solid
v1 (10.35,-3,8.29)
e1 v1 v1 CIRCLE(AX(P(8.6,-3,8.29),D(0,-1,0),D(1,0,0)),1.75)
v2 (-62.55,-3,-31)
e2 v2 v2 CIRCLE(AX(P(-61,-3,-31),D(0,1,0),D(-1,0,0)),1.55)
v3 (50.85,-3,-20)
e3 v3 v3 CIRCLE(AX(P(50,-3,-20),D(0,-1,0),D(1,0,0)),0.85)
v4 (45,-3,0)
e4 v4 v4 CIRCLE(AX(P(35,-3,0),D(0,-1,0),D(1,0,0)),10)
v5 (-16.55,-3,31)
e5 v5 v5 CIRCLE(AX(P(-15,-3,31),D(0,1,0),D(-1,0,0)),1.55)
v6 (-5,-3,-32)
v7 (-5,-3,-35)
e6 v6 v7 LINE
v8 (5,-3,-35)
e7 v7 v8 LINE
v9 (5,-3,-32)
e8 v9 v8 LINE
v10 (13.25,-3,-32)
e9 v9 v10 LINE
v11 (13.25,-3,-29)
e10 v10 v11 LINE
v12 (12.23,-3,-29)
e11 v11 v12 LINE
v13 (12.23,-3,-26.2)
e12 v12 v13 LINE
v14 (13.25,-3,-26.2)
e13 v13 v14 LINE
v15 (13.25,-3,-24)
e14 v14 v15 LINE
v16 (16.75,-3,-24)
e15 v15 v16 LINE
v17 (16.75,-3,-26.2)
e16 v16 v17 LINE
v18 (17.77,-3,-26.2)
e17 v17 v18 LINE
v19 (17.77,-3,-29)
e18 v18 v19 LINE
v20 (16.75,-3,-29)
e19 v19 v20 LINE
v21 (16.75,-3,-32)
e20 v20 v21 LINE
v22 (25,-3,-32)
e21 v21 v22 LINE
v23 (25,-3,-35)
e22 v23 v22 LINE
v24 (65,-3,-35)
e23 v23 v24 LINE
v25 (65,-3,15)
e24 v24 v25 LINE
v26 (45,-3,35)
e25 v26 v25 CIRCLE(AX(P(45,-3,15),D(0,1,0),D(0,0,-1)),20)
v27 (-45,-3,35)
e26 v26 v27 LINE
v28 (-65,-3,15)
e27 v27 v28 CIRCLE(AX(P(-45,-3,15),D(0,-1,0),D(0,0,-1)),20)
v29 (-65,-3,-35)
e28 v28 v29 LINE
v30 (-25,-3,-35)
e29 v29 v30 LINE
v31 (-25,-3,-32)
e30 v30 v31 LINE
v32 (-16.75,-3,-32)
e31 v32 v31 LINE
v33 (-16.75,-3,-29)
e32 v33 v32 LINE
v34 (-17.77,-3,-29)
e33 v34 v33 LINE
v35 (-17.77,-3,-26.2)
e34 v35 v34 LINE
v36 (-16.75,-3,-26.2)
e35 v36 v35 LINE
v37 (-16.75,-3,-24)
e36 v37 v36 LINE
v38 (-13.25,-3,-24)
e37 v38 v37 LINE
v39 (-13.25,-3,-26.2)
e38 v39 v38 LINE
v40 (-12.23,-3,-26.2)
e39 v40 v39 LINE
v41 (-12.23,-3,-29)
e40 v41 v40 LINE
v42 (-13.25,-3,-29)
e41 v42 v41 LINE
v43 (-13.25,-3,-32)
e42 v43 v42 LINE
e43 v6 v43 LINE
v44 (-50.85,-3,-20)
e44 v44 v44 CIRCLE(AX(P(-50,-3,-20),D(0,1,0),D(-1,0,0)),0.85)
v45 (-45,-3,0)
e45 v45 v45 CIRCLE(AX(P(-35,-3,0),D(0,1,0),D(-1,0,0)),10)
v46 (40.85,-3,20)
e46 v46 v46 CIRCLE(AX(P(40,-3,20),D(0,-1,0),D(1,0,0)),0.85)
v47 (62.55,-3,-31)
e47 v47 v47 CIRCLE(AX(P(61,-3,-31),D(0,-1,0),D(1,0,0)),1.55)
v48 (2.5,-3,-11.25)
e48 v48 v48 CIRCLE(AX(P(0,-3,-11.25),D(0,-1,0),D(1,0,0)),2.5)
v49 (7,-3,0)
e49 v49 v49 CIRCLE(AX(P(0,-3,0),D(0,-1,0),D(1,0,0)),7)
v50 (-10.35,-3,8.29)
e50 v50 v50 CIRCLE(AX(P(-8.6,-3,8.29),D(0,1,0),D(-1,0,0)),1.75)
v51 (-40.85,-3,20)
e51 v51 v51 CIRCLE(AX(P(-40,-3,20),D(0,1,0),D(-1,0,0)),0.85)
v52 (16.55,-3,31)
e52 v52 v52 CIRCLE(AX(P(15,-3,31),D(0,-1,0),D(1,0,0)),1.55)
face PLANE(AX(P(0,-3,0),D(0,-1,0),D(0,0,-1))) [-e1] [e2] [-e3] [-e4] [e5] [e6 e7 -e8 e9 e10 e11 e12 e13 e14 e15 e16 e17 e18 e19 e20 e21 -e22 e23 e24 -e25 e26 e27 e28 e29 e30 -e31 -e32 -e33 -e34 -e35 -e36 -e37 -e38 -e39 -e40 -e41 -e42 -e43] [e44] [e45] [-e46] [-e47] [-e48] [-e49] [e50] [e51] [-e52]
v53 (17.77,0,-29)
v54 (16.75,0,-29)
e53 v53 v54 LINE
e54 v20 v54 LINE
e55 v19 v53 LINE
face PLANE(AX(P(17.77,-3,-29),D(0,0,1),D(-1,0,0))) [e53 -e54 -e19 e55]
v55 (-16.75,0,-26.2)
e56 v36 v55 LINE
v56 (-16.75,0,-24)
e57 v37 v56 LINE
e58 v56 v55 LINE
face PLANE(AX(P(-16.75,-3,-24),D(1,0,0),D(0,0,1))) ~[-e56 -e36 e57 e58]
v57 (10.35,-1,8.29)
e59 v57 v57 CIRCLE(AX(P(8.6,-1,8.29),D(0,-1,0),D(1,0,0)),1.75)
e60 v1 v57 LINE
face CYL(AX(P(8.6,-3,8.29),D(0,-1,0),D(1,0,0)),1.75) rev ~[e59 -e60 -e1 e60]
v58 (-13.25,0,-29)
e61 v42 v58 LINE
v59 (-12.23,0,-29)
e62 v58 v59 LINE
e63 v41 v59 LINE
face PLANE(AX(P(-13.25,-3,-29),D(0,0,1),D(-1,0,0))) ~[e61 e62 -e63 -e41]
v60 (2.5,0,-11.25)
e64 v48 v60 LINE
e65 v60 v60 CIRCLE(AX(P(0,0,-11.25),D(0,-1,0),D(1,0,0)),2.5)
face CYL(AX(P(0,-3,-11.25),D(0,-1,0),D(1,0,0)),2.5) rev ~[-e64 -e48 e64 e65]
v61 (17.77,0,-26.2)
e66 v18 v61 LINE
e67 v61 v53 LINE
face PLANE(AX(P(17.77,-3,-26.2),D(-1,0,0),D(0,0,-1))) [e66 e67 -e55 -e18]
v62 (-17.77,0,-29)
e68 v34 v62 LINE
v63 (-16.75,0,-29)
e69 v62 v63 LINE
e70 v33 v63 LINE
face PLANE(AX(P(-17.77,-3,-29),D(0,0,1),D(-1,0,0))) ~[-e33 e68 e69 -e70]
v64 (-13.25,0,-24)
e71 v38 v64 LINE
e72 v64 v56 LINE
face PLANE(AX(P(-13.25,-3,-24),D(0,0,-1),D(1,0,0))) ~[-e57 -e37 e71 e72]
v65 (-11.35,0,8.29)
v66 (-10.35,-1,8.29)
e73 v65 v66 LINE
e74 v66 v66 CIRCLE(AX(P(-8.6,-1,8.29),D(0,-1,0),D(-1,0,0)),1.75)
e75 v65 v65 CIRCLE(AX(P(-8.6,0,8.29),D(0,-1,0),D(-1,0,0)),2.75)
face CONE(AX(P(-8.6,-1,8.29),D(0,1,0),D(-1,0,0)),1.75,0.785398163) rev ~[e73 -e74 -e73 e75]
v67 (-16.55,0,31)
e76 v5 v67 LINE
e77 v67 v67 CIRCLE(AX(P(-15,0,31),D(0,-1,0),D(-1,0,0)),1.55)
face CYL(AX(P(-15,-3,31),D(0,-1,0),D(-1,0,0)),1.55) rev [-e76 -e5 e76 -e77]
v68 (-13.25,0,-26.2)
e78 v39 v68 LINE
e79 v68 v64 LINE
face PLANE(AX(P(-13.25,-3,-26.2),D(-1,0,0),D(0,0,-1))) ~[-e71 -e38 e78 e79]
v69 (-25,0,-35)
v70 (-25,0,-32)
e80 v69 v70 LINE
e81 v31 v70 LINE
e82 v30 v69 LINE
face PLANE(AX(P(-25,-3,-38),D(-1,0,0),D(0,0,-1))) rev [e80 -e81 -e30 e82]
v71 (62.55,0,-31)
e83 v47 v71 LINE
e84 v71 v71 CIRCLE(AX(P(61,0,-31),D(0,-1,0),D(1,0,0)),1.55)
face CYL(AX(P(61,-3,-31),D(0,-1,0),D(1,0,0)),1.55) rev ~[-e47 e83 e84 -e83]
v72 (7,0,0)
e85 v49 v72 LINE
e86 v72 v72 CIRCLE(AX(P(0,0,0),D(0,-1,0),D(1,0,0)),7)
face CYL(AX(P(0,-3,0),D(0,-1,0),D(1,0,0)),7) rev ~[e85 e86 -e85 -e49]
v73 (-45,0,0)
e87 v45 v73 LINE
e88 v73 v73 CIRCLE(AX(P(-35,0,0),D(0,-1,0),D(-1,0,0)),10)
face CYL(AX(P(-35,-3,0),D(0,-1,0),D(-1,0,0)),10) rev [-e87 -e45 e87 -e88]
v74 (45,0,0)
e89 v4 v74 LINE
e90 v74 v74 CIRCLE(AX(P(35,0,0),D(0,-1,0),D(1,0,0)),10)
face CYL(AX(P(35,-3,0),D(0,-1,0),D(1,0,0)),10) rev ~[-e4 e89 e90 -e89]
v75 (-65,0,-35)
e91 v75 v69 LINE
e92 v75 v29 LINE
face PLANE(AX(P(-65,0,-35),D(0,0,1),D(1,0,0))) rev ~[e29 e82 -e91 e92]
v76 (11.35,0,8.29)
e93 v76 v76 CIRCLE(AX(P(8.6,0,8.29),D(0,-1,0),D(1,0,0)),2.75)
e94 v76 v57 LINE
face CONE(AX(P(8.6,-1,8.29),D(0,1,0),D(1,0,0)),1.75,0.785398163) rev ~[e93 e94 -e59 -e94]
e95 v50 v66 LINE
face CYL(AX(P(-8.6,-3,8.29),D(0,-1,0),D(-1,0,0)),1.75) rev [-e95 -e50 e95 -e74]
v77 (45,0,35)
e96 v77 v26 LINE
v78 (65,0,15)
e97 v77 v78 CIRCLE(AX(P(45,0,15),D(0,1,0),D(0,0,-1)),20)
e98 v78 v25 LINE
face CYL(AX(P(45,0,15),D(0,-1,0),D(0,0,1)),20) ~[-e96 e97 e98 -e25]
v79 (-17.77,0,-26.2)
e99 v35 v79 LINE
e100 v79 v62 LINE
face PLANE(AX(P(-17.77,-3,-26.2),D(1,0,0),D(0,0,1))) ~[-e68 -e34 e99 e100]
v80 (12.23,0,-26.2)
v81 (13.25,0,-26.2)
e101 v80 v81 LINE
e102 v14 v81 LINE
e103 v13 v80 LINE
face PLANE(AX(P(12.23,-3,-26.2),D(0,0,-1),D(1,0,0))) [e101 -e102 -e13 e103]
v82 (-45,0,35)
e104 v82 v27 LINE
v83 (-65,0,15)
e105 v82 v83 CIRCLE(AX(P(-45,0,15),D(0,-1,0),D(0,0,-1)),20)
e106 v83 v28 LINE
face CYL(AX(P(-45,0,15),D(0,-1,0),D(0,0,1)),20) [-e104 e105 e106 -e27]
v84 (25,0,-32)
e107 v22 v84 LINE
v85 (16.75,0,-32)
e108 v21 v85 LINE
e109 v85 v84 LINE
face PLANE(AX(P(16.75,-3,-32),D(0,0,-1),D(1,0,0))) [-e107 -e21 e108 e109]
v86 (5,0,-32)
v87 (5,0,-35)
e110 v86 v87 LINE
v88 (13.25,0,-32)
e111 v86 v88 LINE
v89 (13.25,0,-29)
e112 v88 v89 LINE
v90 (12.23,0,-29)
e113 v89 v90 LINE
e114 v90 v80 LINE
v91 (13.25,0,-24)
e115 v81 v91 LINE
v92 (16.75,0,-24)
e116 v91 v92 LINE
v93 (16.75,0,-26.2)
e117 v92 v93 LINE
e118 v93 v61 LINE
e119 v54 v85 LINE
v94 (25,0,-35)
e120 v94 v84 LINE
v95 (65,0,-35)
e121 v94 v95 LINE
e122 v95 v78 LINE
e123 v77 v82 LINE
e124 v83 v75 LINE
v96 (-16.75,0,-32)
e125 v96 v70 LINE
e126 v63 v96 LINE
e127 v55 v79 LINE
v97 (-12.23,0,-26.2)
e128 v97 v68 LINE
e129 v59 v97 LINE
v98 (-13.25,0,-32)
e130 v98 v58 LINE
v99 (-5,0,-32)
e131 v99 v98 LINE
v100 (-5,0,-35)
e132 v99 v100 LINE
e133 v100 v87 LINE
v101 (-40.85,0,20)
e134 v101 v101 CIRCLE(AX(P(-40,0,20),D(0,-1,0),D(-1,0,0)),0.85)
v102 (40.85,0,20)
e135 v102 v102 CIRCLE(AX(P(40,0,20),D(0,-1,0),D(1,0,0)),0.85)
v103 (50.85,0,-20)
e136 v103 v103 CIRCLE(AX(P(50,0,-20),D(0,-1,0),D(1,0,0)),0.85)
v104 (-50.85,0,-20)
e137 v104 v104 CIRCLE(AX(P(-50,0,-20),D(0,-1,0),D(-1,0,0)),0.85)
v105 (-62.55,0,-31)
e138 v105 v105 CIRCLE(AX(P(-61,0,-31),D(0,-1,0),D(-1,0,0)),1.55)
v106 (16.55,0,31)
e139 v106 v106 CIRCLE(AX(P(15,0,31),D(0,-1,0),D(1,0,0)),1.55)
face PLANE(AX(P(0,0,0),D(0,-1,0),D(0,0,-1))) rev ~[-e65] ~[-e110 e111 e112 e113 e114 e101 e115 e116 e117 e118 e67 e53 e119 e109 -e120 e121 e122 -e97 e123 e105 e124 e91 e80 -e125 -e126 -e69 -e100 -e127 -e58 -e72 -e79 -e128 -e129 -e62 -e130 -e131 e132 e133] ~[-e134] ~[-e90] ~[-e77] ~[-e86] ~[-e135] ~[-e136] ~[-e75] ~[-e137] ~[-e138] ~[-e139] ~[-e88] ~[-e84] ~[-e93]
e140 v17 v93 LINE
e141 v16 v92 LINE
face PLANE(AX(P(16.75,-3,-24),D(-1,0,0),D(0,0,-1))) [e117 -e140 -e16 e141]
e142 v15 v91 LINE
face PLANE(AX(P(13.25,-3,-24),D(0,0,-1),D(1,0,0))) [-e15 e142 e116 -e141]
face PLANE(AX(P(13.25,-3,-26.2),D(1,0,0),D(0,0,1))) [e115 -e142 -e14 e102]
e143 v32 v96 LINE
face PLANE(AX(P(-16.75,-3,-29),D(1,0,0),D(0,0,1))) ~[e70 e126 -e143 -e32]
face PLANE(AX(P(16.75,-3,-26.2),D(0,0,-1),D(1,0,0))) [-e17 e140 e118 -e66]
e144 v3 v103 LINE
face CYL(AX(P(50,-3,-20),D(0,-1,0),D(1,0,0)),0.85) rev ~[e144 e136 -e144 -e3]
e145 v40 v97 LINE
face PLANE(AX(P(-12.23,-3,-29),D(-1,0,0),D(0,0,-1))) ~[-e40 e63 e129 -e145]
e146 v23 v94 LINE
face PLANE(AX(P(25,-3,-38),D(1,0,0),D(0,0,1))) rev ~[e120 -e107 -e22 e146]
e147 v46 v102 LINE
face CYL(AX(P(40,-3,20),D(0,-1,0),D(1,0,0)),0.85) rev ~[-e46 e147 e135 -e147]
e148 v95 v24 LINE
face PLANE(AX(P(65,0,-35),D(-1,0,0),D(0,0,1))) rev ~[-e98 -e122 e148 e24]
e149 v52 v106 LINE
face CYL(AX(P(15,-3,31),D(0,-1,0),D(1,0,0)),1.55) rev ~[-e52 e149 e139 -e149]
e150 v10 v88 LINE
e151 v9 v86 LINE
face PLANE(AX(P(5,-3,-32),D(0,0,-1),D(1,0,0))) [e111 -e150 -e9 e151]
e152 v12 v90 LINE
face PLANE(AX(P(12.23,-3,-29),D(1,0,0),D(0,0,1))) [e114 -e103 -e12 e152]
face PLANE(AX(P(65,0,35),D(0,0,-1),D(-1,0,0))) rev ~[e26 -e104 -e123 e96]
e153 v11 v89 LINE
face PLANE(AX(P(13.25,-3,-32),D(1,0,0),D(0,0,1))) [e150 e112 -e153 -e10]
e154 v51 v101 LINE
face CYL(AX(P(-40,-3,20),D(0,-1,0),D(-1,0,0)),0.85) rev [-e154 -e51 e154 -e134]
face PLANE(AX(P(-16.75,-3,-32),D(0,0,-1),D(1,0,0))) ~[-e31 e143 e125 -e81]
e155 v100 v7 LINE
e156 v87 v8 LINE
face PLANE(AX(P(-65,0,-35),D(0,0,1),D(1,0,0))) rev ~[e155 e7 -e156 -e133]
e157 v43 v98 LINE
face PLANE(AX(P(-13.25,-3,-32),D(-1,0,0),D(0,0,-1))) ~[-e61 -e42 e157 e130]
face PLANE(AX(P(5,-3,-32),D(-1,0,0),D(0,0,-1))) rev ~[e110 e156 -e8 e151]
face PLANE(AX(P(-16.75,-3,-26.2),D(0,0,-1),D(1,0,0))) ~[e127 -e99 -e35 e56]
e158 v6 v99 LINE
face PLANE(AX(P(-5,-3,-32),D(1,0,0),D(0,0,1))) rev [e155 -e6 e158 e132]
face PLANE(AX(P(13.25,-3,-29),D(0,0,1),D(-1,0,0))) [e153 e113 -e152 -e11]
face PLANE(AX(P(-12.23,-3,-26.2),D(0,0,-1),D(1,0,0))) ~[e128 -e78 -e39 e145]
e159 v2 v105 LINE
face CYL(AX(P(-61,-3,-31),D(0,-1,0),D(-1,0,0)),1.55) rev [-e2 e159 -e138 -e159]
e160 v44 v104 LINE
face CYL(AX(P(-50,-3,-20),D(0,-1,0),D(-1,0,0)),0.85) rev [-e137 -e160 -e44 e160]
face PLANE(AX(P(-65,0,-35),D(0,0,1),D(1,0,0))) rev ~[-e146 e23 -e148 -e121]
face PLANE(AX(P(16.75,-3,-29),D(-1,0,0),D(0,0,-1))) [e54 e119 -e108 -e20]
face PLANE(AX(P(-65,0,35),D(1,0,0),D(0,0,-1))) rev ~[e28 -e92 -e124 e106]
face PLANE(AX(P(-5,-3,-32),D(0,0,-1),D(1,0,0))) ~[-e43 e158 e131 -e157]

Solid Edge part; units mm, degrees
sketch "Sketch1" plane through (0, 0, 0) normal (0, -1, 0) x (1, 0, 0)
  line L0 (-65, -35) -> (65, -35)
  line L1 (65, -35) -> (65, 35)
  line L2 (65, 35) -> (-65, 35)
  line L3 (-65, 35) -> (-65, -35)
  dimension "D1" = 130
  dimension "D2" = 70
extrude "Ajout_matière_1" add sketch "Sketch1" along normal blind 3
sketch "Sketch2" plane through (0, -3, 0) normal (0, -1, 0) x (1, 0, 0)
  circle A0 centre (35, 0) radius 10
  dimension "D1" = 20
  dimension "D2" = 35
extrude "Enlèvement_matière_1" cut sketch "Sketch2" against normal blind 203.2796
sketch "Sketch3" plane through (0, -3, 0) normal (0, -1, 0) x (1, 0, 0)
  circle A0 centre (40, 20) radius 0.85
  circle A1 centre (15, 31) radius 1.55
  circle A2 centre (61, -31) radius 1.55
  circle A3 centre (50, -20) radius 0.85
  circle A4 centre (8.6, 8.29) radius 1.75
  dimension "D1" = 25
  dimension "D2" = 20
  dimension "D3" = 1.7
  dimension "D4" = 20
  dimension "D5" = 15
  dimension "D6" = 1.7
  dimension "D7" = 3.1
  dimension "D8" = 15
  dimension "D9" = 4
  dimension "D10" = 3.1
  dimension "D11" = 4
  dimension "D12" = 4
  dimension "D13" = 3.5
  dimension "D14" = 8.6
  dimension "D15" = 8.29
extrude "Enlèvement_matière_2" cut sketch "Sketch3" against normal blind 33.5111
sketch "Sketch4" plane through (0, -3, 0) normal (0, -1, 0) x (1, 0, 0)
  line L0 (5, -38) -> (25, -38)
  line L1 (25, -38) -> (25, -32)
  line L2 (16.75, -32) -> (25, -32)
  line L3 (16.75, -29) -> (16.75, -32)
  line L4 (17.77, -29) -> (16.75, -29)
  line L5 (17.77, -26.2) -> (17.77, -29)
  line L6 (16.75, -26.2) -> (17.77, -26.2)
  line L7 (16.75, -24) -> (16.75, -26.2)
  line L8 (13.25, -24) -> (16.75, -24)
  line L9 (13.25, -26.2) -> (13.25, -24)
  line L10 (12.23, -26.2) -> (13.25, -26.2)
  line L11 (12.23, -29) -> (12.23, -26.2)
  line L12 (13.25, -29) -> (12.23, -29)
  line L13 (13.25, -32) -> (13.25, -29)
  line L14 (5, -32) -> (13.25, -32)
  line L15 (5, -32) -> (5, -38)
  dimension "D1" = 6
  dimension "D2" = 5
  dimension "D3" = 20
  dimension "D4" = 1.02
  dimension "D5" = 8
  dimension "D6" = 3
  dimension "D7" = 8.25
  dimension "D8" = 2.8
  dimension "D9" = 5.54
extrude "Cutout1" cut sketch "Sketch4" against normal blind 6.6007
mirror "Mirror1" about plane through (0, 0, 0) normal (1, 0, 0) of "Enlèvement_matière_1", "Enlèvement_matière_2", "Cutout1"
fillet "Congé_1" radius 20 1 edges at (65, -1.5, 35)
fillet "Round1" radius 20 1 edges at (-65, -1.5, 35)
sketch "Sketch5" plane through (0, -3, 0) normal (0, -1, 0) x (1, 0, 0)
  circle A0 centre (0, 0) radius 7
  circle A1 centre (0, -11.25) radius 2.5
  dimension "D1" = 14
  dimension "D2" = 5
  dimension "D3" = 11.25
extrude "Enlèvement_matière_8" cut sketch "Sketch5" against normal blind 3.6745
chamfer "Chamfer1" distance 1 angle 45 2 edges at (-8.6, 0, 10.04) (8.6, 0, 10.04)
properties part number "07" material "MDF 3mm"
